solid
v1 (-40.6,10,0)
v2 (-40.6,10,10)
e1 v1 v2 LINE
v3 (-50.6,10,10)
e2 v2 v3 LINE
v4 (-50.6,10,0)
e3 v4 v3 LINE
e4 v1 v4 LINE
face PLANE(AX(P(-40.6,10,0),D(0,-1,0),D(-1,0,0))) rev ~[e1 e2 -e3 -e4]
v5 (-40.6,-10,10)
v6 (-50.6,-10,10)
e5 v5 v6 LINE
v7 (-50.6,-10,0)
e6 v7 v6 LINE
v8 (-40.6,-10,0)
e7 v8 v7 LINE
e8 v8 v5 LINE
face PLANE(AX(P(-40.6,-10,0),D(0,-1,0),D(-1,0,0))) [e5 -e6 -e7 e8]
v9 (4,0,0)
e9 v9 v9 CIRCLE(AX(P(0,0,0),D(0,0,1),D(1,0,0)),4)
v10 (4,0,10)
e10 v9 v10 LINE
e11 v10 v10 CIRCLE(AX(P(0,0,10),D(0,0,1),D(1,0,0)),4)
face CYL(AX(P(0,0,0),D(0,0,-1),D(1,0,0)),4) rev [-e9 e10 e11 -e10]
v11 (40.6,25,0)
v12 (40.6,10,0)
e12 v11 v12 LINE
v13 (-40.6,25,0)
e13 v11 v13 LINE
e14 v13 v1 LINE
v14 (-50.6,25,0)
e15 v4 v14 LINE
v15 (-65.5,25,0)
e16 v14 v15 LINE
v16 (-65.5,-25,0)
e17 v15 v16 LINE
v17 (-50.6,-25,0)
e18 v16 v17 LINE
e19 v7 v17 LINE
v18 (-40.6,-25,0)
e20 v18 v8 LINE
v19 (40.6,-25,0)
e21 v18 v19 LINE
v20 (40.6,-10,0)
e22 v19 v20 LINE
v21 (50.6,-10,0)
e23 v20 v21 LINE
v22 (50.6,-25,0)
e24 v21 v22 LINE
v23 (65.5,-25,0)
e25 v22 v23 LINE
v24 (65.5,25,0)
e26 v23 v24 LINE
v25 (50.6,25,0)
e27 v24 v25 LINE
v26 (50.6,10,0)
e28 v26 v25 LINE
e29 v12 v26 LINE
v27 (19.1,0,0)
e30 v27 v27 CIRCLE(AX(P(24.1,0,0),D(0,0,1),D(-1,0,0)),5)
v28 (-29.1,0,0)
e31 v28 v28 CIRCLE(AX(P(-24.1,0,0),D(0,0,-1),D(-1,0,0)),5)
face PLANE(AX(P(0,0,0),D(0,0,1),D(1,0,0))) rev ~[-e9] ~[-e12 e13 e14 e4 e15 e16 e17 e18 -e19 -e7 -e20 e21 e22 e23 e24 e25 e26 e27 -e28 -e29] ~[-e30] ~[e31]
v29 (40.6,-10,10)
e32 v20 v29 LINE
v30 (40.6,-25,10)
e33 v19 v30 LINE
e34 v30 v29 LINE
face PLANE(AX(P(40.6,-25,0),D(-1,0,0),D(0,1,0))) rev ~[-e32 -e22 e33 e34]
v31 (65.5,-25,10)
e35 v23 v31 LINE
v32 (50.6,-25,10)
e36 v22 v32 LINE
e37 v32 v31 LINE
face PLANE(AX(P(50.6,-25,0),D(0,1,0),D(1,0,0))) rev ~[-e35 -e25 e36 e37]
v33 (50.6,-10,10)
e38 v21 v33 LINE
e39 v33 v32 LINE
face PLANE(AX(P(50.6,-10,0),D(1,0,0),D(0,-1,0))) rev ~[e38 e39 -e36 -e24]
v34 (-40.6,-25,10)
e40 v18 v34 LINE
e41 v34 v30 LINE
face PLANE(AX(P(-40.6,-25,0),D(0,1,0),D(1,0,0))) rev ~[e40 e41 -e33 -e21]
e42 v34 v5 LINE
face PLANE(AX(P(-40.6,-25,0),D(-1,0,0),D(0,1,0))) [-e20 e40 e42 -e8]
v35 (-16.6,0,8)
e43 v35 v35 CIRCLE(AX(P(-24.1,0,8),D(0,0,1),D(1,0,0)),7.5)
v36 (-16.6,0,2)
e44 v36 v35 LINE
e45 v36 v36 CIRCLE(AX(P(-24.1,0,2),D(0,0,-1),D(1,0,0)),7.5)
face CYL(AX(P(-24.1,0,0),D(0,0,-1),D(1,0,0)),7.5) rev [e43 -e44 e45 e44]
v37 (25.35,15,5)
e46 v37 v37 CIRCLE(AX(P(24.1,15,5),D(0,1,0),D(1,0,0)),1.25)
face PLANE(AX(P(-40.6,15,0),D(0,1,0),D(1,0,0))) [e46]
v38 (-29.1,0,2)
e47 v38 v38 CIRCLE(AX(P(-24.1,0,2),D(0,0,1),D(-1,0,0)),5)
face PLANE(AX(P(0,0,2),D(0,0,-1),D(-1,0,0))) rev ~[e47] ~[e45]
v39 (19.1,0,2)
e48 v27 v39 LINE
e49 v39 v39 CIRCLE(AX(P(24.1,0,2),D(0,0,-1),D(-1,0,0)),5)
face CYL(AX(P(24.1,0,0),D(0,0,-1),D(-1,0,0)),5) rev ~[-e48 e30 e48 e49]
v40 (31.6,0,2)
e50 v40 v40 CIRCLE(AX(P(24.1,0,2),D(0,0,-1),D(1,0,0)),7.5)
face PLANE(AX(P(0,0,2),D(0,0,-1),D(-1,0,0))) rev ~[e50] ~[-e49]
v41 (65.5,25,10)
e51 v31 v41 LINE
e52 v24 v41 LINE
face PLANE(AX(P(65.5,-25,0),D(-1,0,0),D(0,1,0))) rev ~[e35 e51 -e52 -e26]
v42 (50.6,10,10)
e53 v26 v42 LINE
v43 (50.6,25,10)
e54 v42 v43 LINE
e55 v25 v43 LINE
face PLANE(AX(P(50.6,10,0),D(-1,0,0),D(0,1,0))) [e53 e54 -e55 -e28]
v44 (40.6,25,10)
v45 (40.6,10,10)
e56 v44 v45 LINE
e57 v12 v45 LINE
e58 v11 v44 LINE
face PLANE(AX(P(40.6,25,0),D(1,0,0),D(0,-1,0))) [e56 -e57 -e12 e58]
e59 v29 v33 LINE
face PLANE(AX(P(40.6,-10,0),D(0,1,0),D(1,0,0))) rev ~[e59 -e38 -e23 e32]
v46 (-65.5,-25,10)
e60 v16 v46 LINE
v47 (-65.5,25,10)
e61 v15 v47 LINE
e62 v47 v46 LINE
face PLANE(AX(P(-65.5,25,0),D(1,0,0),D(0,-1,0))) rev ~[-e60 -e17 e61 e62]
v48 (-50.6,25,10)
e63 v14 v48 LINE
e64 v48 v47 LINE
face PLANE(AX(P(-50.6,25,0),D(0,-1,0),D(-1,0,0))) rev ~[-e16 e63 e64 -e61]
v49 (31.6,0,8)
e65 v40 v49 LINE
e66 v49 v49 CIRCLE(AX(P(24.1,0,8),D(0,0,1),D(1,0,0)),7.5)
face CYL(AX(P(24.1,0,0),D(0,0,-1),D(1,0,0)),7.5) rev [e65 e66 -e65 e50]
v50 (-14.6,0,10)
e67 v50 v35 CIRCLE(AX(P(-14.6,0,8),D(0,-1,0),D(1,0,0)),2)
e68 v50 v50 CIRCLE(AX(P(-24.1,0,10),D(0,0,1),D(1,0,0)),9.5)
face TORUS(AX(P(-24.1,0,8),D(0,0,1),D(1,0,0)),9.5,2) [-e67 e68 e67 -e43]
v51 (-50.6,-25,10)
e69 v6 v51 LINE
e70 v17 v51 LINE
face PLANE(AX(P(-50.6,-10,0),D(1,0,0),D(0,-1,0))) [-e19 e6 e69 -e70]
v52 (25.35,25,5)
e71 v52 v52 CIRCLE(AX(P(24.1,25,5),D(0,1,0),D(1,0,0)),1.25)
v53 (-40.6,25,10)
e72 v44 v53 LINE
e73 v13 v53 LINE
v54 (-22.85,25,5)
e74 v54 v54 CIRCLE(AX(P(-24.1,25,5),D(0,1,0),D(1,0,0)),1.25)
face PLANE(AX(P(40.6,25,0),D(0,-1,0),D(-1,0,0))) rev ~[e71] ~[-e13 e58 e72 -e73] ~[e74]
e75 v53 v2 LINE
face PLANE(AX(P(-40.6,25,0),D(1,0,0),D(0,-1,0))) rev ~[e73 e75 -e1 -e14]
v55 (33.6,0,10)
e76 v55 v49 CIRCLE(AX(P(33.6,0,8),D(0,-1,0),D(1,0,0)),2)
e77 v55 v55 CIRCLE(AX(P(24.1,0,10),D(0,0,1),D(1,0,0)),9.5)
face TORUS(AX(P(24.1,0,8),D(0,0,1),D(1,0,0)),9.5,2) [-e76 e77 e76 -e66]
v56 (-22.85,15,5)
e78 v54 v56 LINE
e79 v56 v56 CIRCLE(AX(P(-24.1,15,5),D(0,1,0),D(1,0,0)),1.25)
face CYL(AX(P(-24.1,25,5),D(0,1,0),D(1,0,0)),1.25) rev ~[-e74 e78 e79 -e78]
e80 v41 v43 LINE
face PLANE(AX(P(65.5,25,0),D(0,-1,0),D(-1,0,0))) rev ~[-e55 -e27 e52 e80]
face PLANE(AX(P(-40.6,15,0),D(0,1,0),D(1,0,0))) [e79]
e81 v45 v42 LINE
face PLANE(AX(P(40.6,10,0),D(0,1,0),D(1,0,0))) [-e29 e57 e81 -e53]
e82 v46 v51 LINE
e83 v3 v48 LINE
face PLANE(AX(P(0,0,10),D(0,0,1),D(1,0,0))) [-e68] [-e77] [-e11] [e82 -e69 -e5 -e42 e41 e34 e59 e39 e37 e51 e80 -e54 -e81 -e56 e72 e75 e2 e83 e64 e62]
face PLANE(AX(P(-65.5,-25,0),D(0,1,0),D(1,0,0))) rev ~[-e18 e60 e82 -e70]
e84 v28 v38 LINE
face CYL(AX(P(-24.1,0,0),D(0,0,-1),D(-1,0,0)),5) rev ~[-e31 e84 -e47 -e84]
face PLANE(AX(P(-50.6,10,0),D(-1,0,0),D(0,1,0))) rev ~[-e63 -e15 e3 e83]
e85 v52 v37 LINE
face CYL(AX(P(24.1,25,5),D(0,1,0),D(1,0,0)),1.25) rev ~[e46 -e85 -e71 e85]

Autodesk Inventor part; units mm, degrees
ref_plane "YZ Plane" through (0, 0, 0) normal (1, 0, 0) x (0, 1, 0)
ref_plane "XZ Plane" through (0, 0, 0) normal (0, 1, 0) x (-1, 0, 0)
ref_plane "XY Plane" through (0, 0, 0) normal (0, 0, 1) x (1, 0, 0)
sketch "Sketch1" plane through (0, 0, 0) normal (0, 0, 1) x (1, 0, 0)
  line L0 (65.5, 25) -> (-65.5, 25)
  line L1 (-65.5, 25) -> (-65.5, -25)
  line L2 (-65.5, -25) -> (65.5, -25)
  line L3 (65.5, -25) -> (65.5, 25)
  line L4 (-40.6, 25) -> (-40.6, 10)
  line L5 (-40.6, 10) -> (-50.6, 10)
  line L6 (-50.6, 10) -> (-50.6, 25)
  line L7 (-40.6, -25) -> (-40.6, -10)
  line L8 (-40.6, -10) -> (-50.6, -10)
  line L9 (-50.6, -10) -> (-50.6, -25)
  line L10 (40.6, 25) -> (40.6, 10)
  line L11 (40.6, 10) -> (50.6, 10)
  line L12 (50.6, 10) -> (50.6, 25)
  line L13 (40.6, -25) -> (40.6, -10)
  line L14 (40.6, -10) -> (50.6, -10)
  line L15 (50.6, -10) -> (50.6, -25)
  circle A0 centre (24.1, 0) radius 7.5
  circle A1 centre (-24.1, 0) radius 7.5
  circle A2 centre (24.1, 0) radius 7.5
  circle A3 centre (-24.1, 0) radius 7.5
  circle A4 centre (0, 0) radius 4
  dimension "d0" = 15
  dimension "d1" = 15
  dimension "d2" = 15
  dimension "d3" = 15
  dimension "d8" = 15
  dimension "d9" = 15
  dimension "d30" = 8
extrude "Extrusion2" add sketch "Sketch1" along normal blind 10 contours L3 L2 L15 L14 L13 L7 L8 L9 L1 L0 L6 L5 L4 L10 L11 L12 | A4
sketch "Sketch2" plane through (-40.6, 25, 0) normal (0, 1, 0) x (1, 0, 0)
  circle A0 centre (64.7, -5) radius 1.25
  circle A1 centre (16.5, -5) radius 1.25
  point P0 (40.6, 0)
  dimension "d15" = 2.5
  dimension "d16" = 2.5
extrude "Extrusion3" cut sketch "Sketch2" against normal blind 10
sketch "Sketch3" plane through (0, 0, 0) normal (0, 0, -1) x (-1, 0, 0)
  circle A0 centre (0, 0) radius 24.1
  circle A1 centre (-24.1, 0) radius 5
  circle A2 centre (24.1, 0) radius 5
  circle A3 centre (-24.1, 0) radius 7.5
  circle A4 centre (24.1, 0) radius 7.5
  dimension "d25" = 48.2
  dimension "d26" = 10
  dimension "d27" = 10
extrude "Extrusion6" add sketch "Sketch3" against normal blind 2 contours A2 A0 A4 | A0 A4 A2 | A3 A0 A1 | A0 A1 A3
extrude "Extrusion7" cut sketch "Sketch1" along normal blind 10 contours A4
fillet "Fillet1" radius 2 2 edges at (-31.6, 0, 10) (16.6, 0, 10)
properties part number "prepazka-sablona"
